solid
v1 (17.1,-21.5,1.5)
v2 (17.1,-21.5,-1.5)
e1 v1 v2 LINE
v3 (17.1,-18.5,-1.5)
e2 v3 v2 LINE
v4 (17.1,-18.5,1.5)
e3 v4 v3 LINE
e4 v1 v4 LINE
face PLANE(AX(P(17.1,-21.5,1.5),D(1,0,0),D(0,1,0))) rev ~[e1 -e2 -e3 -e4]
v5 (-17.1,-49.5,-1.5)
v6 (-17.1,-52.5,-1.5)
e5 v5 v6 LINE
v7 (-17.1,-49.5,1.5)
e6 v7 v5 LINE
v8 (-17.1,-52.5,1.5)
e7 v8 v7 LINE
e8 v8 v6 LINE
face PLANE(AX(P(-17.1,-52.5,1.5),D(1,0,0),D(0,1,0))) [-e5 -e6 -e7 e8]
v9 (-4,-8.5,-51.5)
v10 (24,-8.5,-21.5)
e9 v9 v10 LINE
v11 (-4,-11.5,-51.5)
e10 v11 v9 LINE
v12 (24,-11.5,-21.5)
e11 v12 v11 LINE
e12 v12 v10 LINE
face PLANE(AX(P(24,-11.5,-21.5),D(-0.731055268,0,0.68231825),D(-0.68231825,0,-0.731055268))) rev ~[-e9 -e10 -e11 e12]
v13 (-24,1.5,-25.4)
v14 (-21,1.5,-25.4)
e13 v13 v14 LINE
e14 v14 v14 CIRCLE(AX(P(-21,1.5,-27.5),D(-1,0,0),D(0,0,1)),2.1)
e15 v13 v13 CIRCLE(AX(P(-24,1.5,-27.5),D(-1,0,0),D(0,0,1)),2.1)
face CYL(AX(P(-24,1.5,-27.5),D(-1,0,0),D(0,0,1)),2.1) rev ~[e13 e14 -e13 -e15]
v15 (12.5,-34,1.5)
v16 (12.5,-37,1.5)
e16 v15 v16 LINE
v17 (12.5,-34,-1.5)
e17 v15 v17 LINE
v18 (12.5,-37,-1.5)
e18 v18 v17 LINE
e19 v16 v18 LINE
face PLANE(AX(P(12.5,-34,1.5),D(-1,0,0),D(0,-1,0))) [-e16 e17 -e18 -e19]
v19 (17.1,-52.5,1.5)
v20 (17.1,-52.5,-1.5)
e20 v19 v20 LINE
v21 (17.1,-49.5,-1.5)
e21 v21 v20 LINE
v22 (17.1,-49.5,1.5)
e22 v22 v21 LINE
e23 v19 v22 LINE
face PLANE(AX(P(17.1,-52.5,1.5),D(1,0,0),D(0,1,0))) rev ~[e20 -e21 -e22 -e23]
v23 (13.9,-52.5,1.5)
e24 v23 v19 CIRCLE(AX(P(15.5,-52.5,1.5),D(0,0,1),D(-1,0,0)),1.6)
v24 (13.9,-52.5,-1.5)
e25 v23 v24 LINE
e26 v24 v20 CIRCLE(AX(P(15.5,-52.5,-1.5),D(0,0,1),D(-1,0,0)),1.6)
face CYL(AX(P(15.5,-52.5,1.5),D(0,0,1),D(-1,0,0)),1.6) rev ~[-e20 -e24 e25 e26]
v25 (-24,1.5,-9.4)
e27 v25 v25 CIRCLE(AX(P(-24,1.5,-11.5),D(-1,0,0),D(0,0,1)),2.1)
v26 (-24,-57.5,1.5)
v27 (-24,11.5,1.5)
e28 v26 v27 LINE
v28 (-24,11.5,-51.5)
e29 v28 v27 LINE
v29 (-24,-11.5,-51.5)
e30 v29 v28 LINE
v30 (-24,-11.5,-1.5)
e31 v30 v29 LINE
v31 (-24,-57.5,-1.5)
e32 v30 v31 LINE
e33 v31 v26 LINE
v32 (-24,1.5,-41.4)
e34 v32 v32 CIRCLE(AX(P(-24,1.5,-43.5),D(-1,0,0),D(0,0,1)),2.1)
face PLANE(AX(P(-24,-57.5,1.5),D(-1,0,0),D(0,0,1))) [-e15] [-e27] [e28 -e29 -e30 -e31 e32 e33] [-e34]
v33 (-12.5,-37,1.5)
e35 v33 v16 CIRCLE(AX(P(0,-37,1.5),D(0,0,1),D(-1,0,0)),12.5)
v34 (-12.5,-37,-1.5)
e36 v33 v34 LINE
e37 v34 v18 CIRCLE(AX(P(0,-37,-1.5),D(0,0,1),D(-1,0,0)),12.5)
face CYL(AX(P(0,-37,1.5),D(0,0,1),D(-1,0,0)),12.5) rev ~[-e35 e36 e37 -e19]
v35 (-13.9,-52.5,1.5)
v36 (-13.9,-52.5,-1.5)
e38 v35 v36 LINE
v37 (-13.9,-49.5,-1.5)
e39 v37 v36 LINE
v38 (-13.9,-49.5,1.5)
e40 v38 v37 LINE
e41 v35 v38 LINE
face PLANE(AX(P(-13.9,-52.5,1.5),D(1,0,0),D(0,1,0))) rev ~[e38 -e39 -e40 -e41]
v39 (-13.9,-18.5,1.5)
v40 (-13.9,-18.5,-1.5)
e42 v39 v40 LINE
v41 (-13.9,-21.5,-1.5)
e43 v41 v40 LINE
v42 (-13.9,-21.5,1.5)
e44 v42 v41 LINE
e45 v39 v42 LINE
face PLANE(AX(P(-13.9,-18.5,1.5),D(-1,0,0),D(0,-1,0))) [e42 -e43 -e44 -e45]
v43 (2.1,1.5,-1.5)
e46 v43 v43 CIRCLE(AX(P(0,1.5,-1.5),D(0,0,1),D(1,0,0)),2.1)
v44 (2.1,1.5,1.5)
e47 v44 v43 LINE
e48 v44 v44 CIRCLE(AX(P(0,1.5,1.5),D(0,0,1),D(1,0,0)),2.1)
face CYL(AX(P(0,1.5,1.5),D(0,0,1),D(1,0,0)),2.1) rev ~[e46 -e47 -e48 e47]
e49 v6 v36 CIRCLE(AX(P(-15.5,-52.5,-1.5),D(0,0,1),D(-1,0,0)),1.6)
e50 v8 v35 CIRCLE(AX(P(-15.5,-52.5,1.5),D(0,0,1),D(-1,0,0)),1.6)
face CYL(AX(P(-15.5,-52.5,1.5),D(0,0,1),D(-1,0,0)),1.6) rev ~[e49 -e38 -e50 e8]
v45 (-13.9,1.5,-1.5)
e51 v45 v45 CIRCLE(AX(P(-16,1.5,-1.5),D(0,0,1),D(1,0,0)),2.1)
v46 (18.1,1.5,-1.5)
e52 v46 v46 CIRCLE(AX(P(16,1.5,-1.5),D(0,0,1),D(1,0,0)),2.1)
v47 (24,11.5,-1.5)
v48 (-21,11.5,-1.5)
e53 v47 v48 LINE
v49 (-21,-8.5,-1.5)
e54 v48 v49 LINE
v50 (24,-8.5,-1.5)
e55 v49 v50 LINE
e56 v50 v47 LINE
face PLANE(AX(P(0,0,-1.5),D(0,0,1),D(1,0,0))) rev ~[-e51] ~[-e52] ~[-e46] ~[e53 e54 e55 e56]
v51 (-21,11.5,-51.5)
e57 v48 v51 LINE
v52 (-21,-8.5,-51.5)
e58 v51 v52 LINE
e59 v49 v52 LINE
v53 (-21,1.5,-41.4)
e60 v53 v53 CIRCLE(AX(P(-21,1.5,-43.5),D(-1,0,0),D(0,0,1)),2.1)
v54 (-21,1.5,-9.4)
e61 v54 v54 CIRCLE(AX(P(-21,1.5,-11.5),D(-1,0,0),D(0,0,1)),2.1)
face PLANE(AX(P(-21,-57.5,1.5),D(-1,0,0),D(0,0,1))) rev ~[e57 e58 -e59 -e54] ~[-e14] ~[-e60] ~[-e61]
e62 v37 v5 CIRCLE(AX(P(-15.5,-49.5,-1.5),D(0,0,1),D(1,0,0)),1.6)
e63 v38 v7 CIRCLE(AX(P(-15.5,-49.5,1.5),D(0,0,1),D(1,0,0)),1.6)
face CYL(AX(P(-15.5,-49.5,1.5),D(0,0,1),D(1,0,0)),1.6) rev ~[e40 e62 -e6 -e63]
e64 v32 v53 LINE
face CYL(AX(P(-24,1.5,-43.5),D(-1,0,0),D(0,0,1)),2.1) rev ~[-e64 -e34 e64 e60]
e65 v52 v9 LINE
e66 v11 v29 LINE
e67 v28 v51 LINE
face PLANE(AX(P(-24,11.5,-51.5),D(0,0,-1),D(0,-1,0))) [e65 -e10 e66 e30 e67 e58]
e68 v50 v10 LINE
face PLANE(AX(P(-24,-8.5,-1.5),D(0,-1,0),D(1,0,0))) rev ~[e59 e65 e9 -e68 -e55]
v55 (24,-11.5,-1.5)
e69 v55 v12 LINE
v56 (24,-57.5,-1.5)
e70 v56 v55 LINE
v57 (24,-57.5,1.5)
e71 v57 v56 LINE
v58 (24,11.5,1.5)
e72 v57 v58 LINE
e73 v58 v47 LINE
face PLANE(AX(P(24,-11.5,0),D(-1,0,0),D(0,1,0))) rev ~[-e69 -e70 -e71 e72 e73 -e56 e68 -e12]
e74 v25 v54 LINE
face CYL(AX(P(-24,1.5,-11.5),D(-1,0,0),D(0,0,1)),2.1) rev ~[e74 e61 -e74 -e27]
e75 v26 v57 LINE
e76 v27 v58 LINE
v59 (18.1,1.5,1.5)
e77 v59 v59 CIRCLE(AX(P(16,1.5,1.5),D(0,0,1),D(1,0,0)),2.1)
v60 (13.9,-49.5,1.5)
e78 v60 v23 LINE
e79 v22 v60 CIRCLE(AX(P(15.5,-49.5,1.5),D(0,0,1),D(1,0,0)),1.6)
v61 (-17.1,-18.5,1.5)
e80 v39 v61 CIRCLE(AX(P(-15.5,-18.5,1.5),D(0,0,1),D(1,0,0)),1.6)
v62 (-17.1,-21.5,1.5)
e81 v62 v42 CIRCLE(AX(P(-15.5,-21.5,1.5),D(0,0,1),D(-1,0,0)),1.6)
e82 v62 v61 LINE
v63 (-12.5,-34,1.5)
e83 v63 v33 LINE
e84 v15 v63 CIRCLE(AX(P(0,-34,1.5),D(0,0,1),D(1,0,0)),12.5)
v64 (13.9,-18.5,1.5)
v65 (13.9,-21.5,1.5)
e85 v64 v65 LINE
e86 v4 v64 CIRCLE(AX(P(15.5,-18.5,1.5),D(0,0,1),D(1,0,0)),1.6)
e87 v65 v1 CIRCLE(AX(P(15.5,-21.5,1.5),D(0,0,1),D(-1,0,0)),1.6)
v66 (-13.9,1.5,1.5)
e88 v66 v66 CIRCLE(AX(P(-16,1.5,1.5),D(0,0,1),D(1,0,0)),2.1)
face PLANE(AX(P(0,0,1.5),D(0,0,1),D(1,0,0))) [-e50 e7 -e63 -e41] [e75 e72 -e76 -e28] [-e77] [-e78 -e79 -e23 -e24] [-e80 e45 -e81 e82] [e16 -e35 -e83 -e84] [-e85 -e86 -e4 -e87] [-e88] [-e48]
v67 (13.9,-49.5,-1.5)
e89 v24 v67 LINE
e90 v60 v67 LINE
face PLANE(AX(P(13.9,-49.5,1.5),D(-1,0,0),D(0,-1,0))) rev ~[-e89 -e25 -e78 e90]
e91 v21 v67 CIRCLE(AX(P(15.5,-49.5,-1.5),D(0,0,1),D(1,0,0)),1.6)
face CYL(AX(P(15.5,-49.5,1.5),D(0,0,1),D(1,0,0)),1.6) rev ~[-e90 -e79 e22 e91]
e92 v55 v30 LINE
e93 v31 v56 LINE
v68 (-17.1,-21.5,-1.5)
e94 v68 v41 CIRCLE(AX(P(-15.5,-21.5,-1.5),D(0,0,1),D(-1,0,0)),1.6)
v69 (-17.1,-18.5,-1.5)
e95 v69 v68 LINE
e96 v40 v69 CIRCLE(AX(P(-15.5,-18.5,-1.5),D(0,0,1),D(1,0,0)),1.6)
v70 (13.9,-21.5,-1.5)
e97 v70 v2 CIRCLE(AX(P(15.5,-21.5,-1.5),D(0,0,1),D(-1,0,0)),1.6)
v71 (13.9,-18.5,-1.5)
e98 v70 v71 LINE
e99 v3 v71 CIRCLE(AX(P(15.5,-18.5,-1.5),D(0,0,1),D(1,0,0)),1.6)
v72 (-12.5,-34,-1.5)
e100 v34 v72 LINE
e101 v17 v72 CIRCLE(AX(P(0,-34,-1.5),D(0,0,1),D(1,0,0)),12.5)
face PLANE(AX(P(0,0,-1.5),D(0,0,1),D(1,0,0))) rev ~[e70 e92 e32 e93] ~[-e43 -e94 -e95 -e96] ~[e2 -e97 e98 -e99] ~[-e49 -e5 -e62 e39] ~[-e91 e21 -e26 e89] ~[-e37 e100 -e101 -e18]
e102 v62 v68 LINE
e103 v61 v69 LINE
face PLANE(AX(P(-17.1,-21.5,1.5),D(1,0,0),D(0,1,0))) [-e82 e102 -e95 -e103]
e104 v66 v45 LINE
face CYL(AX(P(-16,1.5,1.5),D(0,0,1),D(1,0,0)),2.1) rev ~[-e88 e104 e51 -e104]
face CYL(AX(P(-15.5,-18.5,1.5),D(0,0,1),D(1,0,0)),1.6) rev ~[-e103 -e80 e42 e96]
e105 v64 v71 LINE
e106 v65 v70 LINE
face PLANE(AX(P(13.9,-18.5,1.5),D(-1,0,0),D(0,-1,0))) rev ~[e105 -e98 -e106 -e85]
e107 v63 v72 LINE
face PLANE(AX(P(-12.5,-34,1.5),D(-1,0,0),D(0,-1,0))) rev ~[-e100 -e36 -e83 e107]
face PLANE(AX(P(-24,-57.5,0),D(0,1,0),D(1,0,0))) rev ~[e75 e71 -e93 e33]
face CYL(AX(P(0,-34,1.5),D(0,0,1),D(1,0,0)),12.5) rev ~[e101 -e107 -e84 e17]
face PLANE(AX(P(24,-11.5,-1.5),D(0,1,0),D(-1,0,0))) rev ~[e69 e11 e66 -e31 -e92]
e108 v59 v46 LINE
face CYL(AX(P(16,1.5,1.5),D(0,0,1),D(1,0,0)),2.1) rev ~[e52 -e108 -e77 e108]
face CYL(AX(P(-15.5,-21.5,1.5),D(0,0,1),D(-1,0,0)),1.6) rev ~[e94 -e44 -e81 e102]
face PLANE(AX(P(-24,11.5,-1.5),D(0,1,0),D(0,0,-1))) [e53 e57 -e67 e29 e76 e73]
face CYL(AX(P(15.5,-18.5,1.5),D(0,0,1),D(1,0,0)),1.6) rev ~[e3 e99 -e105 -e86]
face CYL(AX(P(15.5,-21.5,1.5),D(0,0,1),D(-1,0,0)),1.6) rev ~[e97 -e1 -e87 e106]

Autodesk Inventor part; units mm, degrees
ref_plane "YZ Plane" through (0, 0, 0) normal (1, 0, 0) x (0, 1, 0)
ref_plane "XZ Plane" through (0, 0, 0) normal (0, 1, 0) x (-1, 0, 0)
ref_plane "XY Plane" through (0, 0, 0) normal (0, 0, 1) x (1, 0, 0)
sketch "Sketch1" plane through (0, 0, 0) normal (0, 0, 1) x (1, 0, 0)
  line L0 (-24, 11.5) -> (-24, -11.5)
  line L1 (-24, -11.5) -> (24, -11.5) construction
  line L2 (24, -11.5) -> (24, 11.5)
  line L3 (24, 11.5) -> (-1, 11.5)
  line L4 (-1, 11.5) -> (-24, 11.5)
  line L5 (-24, -11.5) -> (-24, -57.5)
  line L6 (-24, -57.5) -> (24, -57.5)
  line L7 (24, -57.5) -> (24, -11.5)
  point P0 (0, 0)
  point P1 (0, -11.5)
  point P2 (-24, 0)
  point P3 (11.5, 11.5)
  dimension "d0" = 23
  dimension "d1" = 23
  dimension "d2" = 48
  dimension "d6" = 48
  dimension "d7" = 46
extrude "Extrusion1" add sketch "Sketch1" along normal mid plane 3
sketch "Sketch2" plane through (0, 0, 1.5) normal (0, 0, 1) x (1, 0, 0)
  arc A0 (-17.1, -52.5) -> (-13.9, -52.5) centre (-15.5, -52.5) ccw
  arc A1 (-13.9, -18.5) -> (-17.1, -18.5) centre (-15.5, -18.5) ccw
  arc A2 (17.1, -18.5) -> (13.9, -18.5) centre (15.5, -18.5) ccw
  arc A3 (13.9, -52.5) -> (17.1, -52.5) centre (15.5, -52.5) ccw
  arc A4 (-17.1, -21.5) -> (-13.9, -21.5) centre (-15.5, -21.5) ccw
  arc A5 (-13.9, -49.5) -> (-17.1, -49.5) centre (-15.5, -49.5) ccw
  arc A6 (13.9, -21.5) -> (17.1, -21.5) centre (15.5, -21.5) ccw
  arc A7 (17.1, -49.5) -> (13.9, -49.5) centre (15.5, -49.5) ccw
  line L0 (-17.1, -52.5) -> (-17.1, -49.5)
  line L1 (-13.9, -52.5) -> (-13.9, -49.5)
  line L2 (-17.1, -21.5) -> (-17.1, -18.5)
  line L3 (-13.9, -18.5) -> (-13.9, -21.5)
  line L4 (13.9, -18.5) -> (13.9, -21.5)
  line L5 (17.1, -21.5) -> (17.1, -18.5)
  line L6 (13.9, -49.5) -> (13.9, -52.5)
  line L7 (17.1, -52.5) -> (17.1, -49.5)
  line L8 (-24, 11.5) -> (-24, -57.5) projected
  line L9 (-24, -57.5) -> (24, -57.5) projected
  line L10 (-17.1, -51) -> (-13.9, -51) construction
  line L11 (-17.1, -20) -> (-13.9, -20) construction
  point P0 (0, 0)
  dimension "d8" = 3.2
  dimension "d9" = 3
  dimension "d10" = 8.5
  dimension "d11" = 5
  dimension "d12" = 31
  dimension "d13" = 31
  dimension "d14" = 3
extrude "Extrusion2" cut sketch "Sketch2" against normal up to next
sketch "Sketch3" plane through (0, 0, 1.5) normal (0, 0, 1) x (1, 0, 0)
  line L0 (24, 11.5) -> (24, -57.5) projected
  line L1 (24, 11.5) -> (-24, 11.5) construction
  line L2 (-24, -57.5) -> (-24, 11.5) projected
  line L3 (24, 11.5) -> (24, -57.5) projected
  line L4 (24, -57.5) -> (24, 11.5) projected
  line L5 (-24, 11.5) -> (24, 11.5) projected
  circle A0 centre (16, 1.5) radius 2.1
  circle A1 centre (0, 1.5) radius 2.1
  circle A2 centre (-16, 1.5) radius 2.1
  point P0 (0, 0)
  point P1 (35, -11.5)
  point P2 (16.6018, 1.5)
  dimension "d19" = 4.2
  dimension "d20" = 16
  dimension "d21" = 8
  dimension "d23" = 16
  dimension "d52" = 10
sketch "Sketch4" plane through (0, 0, -1.5) normal (0, 0, -1) x (-1, 0, 0)
  line L0 (13.9, -21.5) -> (13.9, -18.5) projected
  arc A0 (17.1, -18.5) -> (13.9, -18.5) centre (15.5, -18.5) ccw projected
  line L1 (17.1, -18.5) -> (17.1, -21.5) projected
  arc A1 (13.9, -21.5) -> (17.1, -21.5) centre (15.5, -21.5) ccw projected
  arc A2 (13.9, -52.5) -> (17.1, -52.5) centre (15.5, -52.5) ccw projected
  line L2 (13.9, -52.5) -> (13.9, -49.5) projected
  arc A3 (17.1, -49.5) -> (13.9, -49.5) centre (15.5, -49.5) ccw projected
  line L3 (17.1, -49.5) -> (17.1, -52.5) projected
  line L4 (-17.1, -52.5) -> (-17.1, -49.5) projected
  arc A4 (-13.9, -49.5) -> (-17.1, -49.5) centre (-15.5, -49.5) ccw projected
  line L5 (-13.9, -49.5) -> (-13.9, -52.5) projected
  arc A5 (-17.1, -52.5) -> (-13.9, -52.5) centre (-15.5, -52.5) ccw projected
  line L6 (-17.1, -21.5) -> (-17.1, -18.5) projected
  arc A6 (-13.9, -18.5) -> (-17.1, -18.5) centre (-15.5, -18.5) ccw projected
  line L7 (-13.9, -18.5) -> (-13.9, -21.5) projected
  arc A7 (-17.1, -21.5) -> (-13.9, -21.5) centre (-15.5, -21.5) ccw projected
  line L8 (24, -57.5) -> (24, 11.5) projected
  line L9 (24, 11.5) -> (-24, 11.5) projected
  line L10 (-24, 11.5) -> (-24, -57.5) projected
  line L11 (-24, -57.5) -> (24, -57.5) projected
  line L12 (-24, 11.5) -> (-24, -11.5) projected
  line L13 (-24, -11.5) -> (24, -11.5)
  line L14 (24, -57.5) -> (24, 11.5) projected
  line L15 (24, -8.5) -> (-24, -8.5)
  point P0 (0, 0)
  point P1 (-35, -11.5)
  dimension "d30" = 3
extrude "Extrusion4" add sketch "Sketch4" along normal blind 50 contours L13 L10 L15 L8
sketch "Sketch8" plane through (0, 0, 1.5) normal (0, 0, 1) x (1, 0, 0)
  arc A0 (12.5, -34) -> (-12.5, -34) centre (0, -34) ccw
  arc A1 (-12.5, -37) -> (12.5, -37) centre (0, -37) ccw
  line L0 (13.9, -21.5) -> (13.9, -18.5) projected
  line L1 (13.9, -20) -> (-13.9, -20) construction
  line L2 (-13.9, -18.5) -> (-13.9, -21.5) projected
  line L3 (-13.9, -20) -> (-13.9, -51) construction
  line L4 (-13.9, -49.5) -> (-13.9, -52.5) projected
  line L5 (12.5, -34) -> (12.5, -37)
  line L6 (-12.5, -34) -> (-12.5, -37)
  point P0 (0, 0)
  point P1 (-12.5, -35.5)
  point P2 (-13.9, -35.5)
  point P3 (0, -21.5)
  point P4 (0, -20)
  dimension "d46" = 25
  dimension "d47" = 3
extrude "Extrusion8" cut sketch "Sketch8" against normal up to next
sketch "Sketch9" plane through (-24, -57.5, 1.5) normal (-1, 0, 0) x (0, 0, 1)
  line L0 (-3, 69) -> (-3, 49) projected
  line L1 (-3, 69) -> (-53, 69)
  line L2 (-3, 49) -> (-53, 49) projected
  line L3 (-53, 46) -> (-53, 49) projected
  line L4 (-53, 69) -> (-53, 49)
  point P0 (-1.5, 57.5)
  point P1 (-53, 0)
extrude "Extrusion9" add sketch "Sketch9" against normal blind 3
extrude "Extrusion10" cut sketch "Sketch3" against normal up to next
sketch "Sketch10" plane through (-24, -11.5, -1.5) normal (0, -1, 0) x (1, 0, 0)
  line L0 (48, 0) -> (48, -50) projected
  line L1 (48, -20) -> (20, -50)
  line L2 (48, 0) -> (0, 0) projected
  line L3 (0, 0) -> (0, -50) projected
  line L4 (48, -50) -> (0, -50) projected
  point P0 (24, 1.5)
  dimension "d55" = 20
  dimension "d56" = 20
extrude "Extrusion11" cut sketch "Sketch10" against normal up to next contours L0 L4 L1
sketch "Sketch11" plane through (-24, -57.5, 1.5) normal (-1, 0, 0) x (0, 0, 1)
  circle A0 centre (-13, 59) radius 2.1
  circle A1 centre (-45, 59) radius 2.1
  circle A2 centre (-29, 59) radius 2.1
  line L0 (0, 69) -> (0, 0) projected
  line L1 (0, 69) -> (-53, 69) projected
  point P0 (-1.5, 57.5)
  dimension "d59" = 4.2
  dimension "d60" = 16
  dimension "d61" = 13
  dimension "d62" = 16
  dimension "d65" = 10
extrude "Extrusion12" cut sketch "Sketch11" against normal up to next
properties part number "MotorMount2"
